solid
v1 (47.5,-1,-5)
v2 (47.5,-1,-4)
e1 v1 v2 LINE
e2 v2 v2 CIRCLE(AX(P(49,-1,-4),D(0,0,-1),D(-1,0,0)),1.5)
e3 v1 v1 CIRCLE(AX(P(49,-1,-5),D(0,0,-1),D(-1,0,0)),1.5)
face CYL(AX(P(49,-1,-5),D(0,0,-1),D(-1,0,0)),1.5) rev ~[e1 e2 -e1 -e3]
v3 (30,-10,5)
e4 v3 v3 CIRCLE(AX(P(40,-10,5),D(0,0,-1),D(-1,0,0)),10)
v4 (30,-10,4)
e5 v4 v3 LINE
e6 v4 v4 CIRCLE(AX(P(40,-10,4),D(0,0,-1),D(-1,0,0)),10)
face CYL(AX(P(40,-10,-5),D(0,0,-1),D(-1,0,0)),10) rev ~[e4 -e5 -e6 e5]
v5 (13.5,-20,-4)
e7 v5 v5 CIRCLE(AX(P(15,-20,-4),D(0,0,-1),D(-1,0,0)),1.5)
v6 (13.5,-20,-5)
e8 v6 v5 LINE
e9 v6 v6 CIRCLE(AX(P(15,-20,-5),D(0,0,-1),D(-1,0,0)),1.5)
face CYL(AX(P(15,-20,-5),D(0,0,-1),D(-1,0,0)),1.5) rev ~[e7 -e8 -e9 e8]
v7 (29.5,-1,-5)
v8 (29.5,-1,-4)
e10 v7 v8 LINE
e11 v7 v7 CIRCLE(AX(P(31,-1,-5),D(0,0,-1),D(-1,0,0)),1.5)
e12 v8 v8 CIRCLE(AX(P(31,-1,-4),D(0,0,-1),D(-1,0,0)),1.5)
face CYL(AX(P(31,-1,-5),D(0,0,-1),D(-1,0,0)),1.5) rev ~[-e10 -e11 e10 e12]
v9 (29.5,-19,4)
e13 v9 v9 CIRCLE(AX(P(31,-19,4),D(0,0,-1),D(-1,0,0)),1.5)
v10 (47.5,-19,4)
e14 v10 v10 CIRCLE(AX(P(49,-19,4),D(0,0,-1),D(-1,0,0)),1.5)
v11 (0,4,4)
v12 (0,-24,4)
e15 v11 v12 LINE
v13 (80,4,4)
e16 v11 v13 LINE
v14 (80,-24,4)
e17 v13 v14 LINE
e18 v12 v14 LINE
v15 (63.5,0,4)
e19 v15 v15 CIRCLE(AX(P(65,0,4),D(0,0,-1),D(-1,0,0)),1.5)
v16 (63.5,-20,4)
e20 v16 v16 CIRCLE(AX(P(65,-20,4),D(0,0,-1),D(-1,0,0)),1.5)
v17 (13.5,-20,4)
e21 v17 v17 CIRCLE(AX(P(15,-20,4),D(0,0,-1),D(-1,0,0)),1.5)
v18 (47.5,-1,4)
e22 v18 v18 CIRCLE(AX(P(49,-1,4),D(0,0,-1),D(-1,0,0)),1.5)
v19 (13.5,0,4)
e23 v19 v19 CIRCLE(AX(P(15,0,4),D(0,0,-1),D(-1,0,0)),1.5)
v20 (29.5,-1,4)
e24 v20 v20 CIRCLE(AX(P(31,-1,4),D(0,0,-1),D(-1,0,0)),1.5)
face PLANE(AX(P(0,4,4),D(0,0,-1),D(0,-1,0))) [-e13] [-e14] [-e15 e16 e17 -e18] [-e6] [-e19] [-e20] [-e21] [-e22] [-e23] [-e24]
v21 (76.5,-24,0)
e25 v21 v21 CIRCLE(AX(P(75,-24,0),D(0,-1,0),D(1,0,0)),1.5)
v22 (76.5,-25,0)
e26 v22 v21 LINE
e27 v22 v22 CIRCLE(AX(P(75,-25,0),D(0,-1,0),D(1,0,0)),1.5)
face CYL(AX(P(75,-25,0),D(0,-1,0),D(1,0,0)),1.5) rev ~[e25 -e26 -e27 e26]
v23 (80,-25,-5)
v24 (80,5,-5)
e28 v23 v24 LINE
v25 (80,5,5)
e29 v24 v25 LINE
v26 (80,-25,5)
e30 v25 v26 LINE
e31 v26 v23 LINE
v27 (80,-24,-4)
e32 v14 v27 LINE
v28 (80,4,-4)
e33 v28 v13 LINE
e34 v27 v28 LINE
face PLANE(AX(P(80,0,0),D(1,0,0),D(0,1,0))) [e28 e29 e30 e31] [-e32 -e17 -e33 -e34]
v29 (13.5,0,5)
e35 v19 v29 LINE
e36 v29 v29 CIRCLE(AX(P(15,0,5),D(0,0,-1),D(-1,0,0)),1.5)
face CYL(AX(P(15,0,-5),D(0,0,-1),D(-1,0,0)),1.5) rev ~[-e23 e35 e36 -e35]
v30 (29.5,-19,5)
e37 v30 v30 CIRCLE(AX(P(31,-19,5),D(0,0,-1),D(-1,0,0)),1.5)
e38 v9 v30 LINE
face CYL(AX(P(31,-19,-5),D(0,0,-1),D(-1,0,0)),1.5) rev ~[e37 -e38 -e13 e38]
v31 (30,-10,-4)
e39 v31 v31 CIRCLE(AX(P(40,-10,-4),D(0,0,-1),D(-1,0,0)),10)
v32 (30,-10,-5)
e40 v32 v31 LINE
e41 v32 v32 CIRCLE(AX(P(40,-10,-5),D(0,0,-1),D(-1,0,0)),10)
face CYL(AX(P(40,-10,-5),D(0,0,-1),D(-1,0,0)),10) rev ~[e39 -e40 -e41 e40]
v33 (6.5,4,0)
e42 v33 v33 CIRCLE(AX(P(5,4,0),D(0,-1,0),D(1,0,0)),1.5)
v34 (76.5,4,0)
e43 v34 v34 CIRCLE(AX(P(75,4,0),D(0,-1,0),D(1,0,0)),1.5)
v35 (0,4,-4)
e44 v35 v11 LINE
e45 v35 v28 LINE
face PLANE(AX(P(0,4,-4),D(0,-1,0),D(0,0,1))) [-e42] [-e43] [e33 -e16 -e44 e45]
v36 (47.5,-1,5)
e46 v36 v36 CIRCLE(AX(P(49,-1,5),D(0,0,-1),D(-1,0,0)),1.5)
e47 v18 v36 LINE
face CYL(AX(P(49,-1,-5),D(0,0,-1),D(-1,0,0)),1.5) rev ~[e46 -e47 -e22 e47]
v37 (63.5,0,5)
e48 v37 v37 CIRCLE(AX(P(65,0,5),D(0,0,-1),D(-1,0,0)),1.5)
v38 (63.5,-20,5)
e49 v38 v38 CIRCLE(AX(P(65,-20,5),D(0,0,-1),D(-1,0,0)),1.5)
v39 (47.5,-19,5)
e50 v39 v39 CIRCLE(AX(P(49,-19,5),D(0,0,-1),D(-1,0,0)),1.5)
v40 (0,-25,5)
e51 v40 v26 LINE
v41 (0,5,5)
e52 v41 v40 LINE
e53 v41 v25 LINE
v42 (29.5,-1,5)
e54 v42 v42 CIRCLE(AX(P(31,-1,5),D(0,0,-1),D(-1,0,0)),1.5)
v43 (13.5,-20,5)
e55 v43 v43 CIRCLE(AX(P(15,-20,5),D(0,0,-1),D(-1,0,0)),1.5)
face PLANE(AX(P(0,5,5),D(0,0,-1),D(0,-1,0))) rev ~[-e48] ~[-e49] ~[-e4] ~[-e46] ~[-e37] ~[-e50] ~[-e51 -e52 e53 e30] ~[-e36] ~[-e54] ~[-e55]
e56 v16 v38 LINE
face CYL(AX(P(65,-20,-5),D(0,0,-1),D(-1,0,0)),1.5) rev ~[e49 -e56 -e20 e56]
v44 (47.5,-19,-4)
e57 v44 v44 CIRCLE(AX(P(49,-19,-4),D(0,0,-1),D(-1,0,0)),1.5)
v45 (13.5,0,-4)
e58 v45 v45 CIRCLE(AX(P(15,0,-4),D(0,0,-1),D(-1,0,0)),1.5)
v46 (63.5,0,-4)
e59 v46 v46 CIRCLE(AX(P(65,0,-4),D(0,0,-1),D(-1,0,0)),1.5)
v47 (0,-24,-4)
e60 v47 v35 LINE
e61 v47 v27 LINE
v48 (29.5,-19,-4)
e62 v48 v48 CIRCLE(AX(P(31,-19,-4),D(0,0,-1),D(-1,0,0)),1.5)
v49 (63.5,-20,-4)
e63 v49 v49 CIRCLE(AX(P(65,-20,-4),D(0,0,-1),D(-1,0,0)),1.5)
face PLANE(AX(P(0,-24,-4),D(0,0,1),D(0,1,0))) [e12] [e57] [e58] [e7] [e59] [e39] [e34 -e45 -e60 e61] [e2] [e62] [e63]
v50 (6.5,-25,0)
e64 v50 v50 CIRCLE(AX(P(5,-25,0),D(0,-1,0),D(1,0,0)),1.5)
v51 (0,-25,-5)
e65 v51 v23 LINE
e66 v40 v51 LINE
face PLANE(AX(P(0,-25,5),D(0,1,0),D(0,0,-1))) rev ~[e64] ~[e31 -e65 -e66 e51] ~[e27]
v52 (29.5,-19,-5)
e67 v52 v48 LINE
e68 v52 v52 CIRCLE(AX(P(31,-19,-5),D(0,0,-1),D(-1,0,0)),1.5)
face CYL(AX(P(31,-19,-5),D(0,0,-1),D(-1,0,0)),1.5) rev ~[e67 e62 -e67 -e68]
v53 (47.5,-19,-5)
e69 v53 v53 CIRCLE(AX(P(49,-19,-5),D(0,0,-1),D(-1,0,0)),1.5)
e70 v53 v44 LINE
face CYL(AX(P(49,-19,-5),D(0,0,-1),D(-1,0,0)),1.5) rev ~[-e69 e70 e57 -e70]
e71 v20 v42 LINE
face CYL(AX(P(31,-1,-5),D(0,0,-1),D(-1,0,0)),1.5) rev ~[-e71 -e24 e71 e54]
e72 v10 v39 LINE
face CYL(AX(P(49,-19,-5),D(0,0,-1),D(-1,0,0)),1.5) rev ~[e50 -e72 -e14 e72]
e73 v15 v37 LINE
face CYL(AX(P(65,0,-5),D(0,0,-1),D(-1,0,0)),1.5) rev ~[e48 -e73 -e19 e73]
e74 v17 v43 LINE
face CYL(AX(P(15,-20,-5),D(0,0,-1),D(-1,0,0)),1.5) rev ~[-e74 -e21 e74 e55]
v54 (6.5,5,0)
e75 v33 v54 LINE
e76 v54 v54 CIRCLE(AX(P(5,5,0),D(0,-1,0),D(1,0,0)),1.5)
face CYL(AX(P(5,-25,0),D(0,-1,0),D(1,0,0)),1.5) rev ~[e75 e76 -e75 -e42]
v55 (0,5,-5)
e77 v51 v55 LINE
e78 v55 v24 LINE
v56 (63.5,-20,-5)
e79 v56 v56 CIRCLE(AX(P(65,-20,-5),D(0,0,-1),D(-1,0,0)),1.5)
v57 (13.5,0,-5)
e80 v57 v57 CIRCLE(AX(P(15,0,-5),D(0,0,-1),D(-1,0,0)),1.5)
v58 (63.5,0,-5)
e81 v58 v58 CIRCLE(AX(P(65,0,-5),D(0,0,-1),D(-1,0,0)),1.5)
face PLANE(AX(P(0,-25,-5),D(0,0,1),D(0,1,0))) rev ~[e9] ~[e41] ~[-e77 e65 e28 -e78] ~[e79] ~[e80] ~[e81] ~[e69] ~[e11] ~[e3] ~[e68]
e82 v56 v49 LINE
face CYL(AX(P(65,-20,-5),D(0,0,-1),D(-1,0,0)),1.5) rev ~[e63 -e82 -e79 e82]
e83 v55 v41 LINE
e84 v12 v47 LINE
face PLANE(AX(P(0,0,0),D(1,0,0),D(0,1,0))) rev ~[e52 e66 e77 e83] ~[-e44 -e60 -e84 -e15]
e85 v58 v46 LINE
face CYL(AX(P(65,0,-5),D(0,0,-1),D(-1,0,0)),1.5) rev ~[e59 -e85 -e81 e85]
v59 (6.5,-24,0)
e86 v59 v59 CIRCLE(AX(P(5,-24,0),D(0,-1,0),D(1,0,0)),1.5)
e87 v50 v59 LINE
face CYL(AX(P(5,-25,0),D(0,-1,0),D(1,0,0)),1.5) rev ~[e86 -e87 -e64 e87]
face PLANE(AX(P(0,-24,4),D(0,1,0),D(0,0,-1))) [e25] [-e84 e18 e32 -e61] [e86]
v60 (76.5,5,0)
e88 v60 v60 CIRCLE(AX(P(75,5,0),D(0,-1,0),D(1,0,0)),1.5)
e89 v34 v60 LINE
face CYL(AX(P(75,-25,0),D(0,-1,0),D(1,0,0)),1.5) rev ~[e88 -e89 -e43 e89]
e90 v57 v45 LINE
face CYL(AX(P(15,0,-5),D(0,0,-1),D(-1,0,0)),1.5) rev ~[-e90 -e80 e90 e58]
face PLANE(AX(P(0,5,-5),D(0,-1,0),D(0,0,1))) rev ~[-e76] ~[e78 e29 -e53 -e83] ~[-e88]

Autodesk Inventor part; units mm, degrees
ref_plane "YZ Plane" through (0, 0, 0) normal (1, 0, 0) x (0, 1, 0)
ref_plane "XZ Plane" through (0, 0, 0) normal (0, 1, 0) x (-1, 0, 0)
ref_plane "XY Plane" through (0, 0, 0) normal (0, 0, 1) x (1, 0, 0)
sketch "スケッチ1" plane through (0, 0, 0) normal (1, 0, 0) x (0, 1, 0)
  line L0 (5, 5) -> (-25, 5)
  line L1 (-25, 5) -> (-25, -5)
  line L2 (-25, -5) -> (5, -5)
  line L3 (5, -5) -> (5, 5)
  line L4 (4, 4) -> (-24, 4)
  line L5 (-24, 4) -> (-24, -4)
  line L6 (-24, -4) -> (4, -4)
  line L7 (4, -4) -> (4, 4)
  point P0 (0, 0)
  dimension "d0" = 1
  dimension "d1" = 1
  dimension "d2" = 1
  dimension "d3" = 1
  dimension "d4" = 10
  dimension "d5" = 30
  dimension "d6" = 5
  dimension "d7" = 5
extrude "押し出し1" add sketch "スケッチ1" along normal blind 80
sketch "スケッチ2" plane through (0, -25, -5) normal (0, 0, -1) x (-1, 0, 0)
  circle A0 centre (-40, 15) radius 10
  line L0 (0, 30) -> (-80, 30) projected
  line L1 (0, 0) -> (-80, 0) projected
  line L2 (0, 0) -> (0, 30) projected
  line L3 (-80, 0) -> (-80, 30) projected
  circle A1 centre (-49, 24) radius 1.5
  circle A2 centre (-31, 24) radius 1.5
  circle A3 centre (-49, 6) radius 1.5
  circle A4 centre (-31, 6) radius 1.5
  point P0 (0, 25)
  dimension "d10" = 20
  dimension "d11" = 15
  dimension "d12" = 15
  dimension "d13" = 40
  dimension "d14" = 40
  dimension "d15" = 3
  dimension "d16" = 3
  dimension "d17" = 3
  dimension "d18" = 3
  dimension "d19" = 18
  dimension "d20" = 0
  dimension "d21" = 18
  dimension "d22" = 18
  dimension "d23" = 18
  dimension "d24" = 0
  dimension "d25" = 9
  dimension "d26" = 9
  dimension "d27" = 9
  dimension "d28" = 9
  dimension "d29" = 9
  dimension "d30" = 9
  dimension "d31" = 9
extrude "押し出し2" cut sketch "スケッチ2" against normal blind 60 contours A0 | A1 | A2 | A3 | A4
sketch "スケッチ3" plane through (0, -25, -5) normal (0, -1, 0) x (1, 0, 0)
  circle A0 centre (5, 5) radius 1.5
  circle A1 centre (75, 5) radius 1.5
  line L0 (0, 10) -> (0, 0) projected
  line L1 (0, 0) -> (80, 0) projected
  line L2 (80, 10) -> (80, 0) projected
  point P0 (0, 5)
  dimension "d34" = 5
  dimension "d35" = 5
  dimension "d36" = 3
  dimension "d37" = 5
  dimension "d38" = 3
  dimension "d39" = 5
extrude "押し出し3" cut sketch "スケッチ3" against normal blind 60
sketch "スケッチ4" plane through (0, -25, -5) normal (0, 0, -1) x (-1, 0, 0)
  circle A0 centre (-15, 5) radius 1.5
  circle A1 centre (-15, 25) radius 1.5
  circle A2 centre (-65, 5) radius 1.5
  circle A3 centre (-65, 25) radius 1.5
  line L0 (0, 0) -> (0, 30) projected
  line L1 (-80, 0) -> (-80, 30) projected
  line L2 (0, 0) -> (-80, 0) projected
  line L3 (0, 30) -> (-80, 30) projected
  point P0 (0, 25)
  dimension "d42" = 3
  dimension "d43" = 3
  dimension "d44" = 15
  dimension "d45" = 15
  dimension "d46" = 15
  dimension "d47" = 15
  dimension "d48" = 3
  dimension "d49" = 3
  dimension "d50" = 5
  dimension "d51" = 5
  dimension "d52" = 5
  dimension "d53" = 5
extrude "押し出し4" cut sketch "スケッチ4" against normal blind 43 contours A0 | A1 | A2 | A3
properties part number "モーターパーツ１" material "アルミニウム 6061"
